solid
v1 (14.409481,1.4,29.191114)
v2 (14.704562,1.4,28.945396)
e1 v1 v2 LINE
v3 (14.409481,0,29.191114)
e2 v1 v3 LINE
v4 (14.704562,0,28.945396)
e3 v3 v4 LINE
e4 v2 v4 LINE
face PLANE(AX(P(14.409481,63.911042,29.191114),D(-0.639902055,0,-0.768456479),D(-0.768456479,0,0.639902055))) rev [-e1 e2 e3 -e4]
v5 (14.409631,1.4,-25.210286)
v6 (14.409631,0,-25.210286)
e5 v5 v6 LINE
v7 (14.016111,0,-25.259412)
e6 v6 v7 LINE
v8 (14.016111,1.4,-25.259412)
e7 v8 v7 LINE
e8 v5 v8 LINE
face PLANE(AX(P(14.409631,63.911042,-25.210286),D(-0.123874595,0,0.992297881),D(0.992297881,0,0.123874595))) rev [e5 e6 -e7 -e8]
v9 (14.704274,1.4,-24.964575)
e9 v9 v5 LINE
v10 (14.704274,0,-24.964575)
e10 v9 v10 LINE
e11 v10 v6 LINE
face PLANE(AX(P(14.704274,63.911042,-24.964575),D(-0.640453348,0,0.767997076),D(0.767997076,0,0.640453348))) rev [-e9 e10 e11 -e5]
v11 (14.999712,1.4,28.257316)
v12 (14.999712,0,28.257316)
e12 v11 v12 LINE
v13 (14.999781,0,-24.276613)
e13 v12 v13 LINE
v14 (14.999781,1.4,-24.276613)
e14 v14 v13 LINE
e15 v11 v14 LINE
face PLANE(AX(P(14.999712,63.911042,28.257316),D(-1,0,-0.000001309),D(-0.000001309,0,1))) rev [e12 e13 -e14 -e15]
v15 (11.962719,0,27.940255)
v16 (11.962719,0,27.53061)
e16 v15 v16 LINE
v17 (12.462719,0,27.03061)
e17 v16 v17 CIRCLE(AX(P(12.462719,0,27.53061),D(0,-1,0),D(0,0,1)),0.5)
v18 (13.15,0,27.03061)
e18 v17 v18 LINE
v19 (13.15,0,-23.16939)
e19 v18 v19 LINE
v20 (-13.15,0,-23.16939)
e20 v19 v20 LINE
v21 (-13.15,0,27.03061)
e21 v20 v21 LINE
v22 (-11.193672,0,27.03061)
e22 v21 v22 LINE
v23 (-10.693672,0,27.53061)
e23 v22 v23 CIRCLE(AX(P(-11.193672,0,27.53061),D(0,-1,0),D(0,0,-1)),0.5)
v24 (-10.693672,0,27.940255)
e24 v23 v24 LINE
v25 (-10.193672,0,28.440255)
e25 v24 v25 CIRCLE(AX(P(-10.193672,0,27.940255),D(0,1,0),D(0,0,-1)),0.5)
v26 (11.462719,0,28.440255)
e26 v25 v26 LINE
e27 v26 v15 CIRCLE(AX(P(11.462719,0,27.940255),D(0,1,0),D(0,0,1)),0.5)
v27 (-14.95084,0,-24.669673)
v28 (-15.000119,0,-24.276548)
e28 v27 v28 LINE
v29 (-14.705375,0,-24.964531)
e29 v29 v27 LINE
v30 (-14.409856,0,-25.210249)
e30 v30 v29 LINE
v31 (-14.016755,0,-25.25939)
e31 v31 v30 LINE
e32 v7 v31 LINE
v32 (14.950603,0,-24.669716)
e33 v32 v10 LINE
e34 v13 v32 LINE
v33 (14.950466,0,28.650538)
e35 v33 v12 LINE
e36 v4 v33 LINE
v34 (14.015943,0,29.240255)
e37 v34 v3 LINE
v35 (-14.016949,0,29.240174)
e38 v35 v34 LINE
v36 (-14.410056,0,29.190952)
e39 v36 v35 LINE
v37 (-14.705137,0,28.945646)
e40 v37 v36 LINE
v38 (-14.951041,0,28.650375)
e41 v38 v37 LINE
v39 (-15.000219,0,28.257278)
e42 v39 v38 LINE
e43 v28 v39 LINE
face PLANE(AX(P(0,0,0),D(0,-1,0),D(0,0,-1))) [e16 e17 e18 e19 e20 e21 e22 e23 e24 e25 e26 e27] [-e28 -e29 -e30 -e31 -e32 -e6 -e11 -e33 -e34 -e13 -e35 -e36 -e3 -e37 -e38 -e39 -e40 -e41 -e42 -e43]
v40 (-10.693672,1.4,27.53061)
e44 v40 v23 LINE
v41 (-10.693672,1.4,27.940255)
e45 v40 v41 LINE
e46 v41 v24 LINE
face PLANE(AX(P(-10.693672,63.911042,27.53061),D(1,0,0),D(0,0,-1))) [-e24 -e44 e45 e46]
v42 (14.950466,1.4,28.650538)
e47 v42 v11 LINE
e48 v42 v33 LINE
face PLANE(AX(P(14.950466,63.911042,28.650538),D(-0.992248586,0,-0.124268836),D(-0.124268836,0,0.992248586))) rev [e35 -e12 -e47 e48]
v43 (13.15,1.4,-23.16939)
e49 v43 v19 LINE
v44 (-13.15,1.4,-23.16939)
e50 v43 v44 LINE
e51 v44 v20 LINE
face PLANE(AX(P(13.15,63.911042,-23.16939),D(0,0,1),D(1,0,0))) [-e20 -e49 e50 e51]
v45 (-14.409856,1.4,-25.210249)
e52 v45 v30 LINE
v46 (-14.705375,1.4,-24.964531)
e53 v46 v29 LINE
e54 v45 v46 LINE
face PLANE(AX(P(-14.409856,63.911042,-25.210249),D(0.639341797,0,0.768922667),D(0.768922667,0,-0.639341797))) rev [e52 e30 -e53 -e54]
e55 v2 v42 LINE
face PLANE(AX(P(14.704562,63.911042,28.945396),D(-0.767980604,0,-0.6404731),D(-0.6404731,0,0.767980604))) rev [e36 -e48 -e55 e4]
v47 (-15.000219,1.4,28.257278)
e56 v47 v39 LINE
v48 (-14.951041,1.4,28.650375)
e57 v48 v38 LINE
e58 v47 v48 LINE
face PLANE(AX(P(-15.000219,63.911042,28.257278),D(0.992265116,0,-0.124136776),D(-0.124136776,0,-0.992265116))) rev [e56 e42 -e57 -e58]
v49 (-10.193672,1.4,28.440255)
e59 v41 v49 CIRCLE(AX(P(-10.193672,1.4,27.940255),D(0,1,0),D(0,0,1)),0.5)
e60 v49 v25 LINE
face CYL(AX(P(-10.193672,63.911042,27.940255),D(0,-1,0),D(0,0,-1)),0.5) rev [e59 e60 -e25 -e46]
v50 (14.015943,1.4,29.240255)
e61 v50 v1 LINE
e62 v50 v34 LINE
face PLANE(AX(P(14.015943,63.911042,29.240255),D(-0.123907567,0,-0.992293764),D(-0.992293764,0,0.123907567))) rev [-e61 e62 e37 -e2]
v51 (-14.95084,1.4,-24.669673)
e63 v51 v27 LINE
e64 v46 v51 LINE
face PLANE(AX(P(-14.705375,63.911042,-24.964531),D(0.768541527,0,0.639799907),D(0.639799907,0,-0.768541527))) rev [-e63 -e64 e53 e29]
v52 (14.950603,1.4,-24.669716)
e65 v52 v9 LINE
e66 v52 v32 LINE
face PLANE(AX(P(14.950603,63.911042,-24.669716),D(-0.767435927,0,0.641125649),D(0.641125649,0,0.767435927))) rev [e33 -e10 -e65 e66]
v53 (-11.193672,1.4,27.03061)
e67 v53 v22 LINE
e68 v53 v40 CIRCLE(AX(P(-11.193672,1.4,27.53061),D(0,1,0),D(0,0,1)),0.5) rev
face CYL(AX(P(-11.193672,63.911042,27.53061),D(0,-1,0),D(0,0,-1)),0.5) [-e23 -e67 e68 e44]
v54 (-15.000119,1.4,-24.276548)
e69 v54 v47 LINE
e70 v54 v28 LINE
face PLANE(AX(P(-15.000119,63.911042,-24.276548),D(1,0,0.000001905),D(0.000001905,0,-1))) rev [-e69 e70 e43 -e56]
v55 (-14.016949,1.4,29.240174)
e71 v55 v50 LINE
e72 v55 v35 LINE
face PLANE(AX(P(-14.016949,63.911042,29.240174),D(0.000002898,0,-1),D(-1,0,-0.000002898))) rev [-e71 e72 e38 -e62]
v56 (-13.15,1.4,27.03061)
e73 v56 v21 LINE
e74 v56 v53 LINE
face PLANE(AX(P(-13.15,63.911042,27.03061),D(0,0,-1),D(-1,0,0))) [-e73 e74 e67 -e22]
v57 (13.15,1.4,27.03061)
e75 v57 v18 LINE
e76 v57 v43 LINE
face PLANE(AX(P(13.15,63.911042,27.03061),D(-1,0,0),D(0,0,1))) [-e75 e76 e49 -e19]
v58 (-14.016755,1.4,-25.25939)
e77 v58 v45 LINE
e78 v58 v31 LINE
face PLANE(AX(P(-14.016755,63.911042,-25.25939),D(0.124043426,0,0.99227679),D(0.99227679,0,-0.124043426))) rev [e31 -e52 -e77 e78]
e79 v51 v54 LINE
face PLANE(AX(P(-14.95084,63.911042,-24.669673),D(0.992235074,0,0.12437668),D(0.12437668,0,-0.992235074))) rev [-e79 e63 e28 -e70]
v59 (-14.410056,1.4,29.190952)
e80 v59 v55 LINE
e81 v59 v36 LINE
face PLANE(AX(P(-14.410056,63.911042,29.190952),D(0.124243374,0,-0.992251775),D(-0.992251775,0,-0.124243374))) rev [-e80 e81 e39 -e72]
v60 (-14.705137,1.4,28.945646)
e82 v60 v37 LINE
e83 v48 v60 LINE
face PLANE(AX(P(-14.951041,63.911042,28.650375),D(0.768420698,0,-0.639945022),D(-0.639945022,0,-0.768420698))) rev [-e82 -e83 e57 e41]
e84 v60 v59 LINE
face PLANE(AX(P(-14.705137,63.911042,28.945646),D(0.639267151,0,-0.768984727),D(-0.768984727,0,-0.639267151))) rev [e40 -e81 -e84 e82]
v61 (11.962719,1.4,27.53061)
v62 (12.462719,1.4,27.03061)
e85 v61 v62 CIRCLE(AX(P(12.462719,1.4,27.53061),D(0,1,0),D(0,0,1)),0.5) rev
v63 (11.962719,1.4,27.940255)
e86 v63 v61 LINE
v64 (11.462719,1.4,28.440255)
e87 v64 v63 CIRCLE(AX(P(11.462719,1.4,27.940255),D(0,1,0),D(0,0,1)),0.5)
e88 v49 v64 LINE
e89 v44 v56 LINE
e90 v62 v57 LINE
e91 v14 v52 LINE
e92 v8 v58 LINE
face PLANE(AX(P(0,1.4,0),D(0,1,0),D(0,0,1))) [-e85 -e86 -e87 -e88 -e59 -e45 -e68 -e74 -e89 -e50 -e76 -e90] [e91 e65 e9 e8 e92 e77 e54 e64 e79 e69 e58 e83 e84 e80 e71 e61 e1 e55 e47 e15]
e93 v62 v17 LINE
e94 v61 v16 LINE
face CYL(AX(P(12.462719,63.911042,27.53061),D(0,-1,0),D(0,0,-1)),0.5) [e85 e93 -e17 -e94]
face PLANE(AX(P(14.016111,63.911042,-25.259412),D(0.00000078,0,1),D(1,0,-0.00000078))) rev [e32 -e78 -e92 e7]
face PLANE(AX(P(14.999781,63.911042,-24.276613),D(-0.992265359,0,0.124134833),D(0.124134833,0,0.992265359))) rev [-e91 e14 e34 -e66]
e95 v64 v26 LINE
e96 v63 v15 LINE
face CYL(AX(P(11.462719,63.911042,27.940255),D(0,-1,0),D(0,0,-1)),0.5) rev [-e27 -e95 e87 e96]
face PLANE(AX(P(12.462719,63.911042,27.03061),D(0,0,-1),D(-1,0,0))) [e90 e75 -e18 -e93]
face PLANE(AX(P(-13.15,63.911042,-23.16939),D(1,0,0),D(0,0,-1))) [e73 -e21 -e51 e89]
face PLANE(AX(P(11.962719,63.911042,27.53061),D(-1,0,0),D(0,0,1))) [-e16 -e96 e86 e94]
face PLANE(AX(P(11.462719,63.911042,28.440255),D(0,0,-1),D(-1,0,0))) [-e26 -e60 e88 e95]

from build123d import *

# Parameters (mm, degrees)
AUFSATZ_LINEAR_AUSTRAGEN1_DEPTH = 1.4


with BuildPart() as part:
    # Skizze1 → Aufsatz-Linear austragen1 (new body)
    with BuildSketch(Plane(origin=(0, 0, 0), x_dir=(1, 0, 0), z_dir=(0, 1, 0))):
        Polygon((14.409630658, 25.21028647), (14.016111454, 25.259411872), (-14.016755293, 25.259390001), (-14.409855506, 25.210248977), (-14.705374814, 24.96453136), (-14.950840446, 24.669672719), (-15.000118678, 24.276547653), (-15.000218735, -28.257278341), (-14.95104056, -28.650375287), (-14.705137178, -28.945646353), (-14.410055621, -29.190951545), (-14.016949154, -29.240173804), (14.015942607, -29.240255039), (14.409480572, -29.191114015), (14.704562129, -28.945396398), (14.950465511, -28.650537758), (14.999712475, -28.257315834), (14.999781265, 24.276613266), (14.95060309, 24.669716461), (14.704274464, 24.964575102), align=None)
        with BuildLine():
            Line((11.462718603, -28.440255039), (-10.193671543, -28.440255039))
            ThreePointArc((-10.193671543, -28.440255039), (-10.547224933, -28.29380843), (-10.693671543, -27.940255039))
            Line((-10.693671543, -27.940255039), (-10.693671543, -27.530609999))
            ThreePointArc((-10.693671543, -27.530609999), (-10.840118152, -27.177056609), (-11.193671543, -27.030609999))
            Line((-11.193671543, -27.030609999), (-13.15, -27.030609999))
            Line((-13.15, -27.030609999), (-13.15, 23.169390001))
            Line((-13.15, 23.169390001), (13.15, 23.169390001))
            Line((13.15, 23.169390001), (13.15, -27.030609999))
            Line((13.15, -27.030609999), (12.462718603, -27.030609999))
            ThreePointArc((12.462718603, -27.030609999), (12.109165213, -27.177056609), (11.962718603, -27.530609999))
            Line((11.962718603, -27.530609999), (11.962718603, -27.940255039))
            ThreePointArc((11.962718603, -27.940255039), (11.816271994, -28.29380843), (11.462718603, -28.440255039))
        make_face(mode=Mode.SUBTRACT)
    extrude(amount=AUFSATZ_LINEAR_AUSTRAGEN1_DEPTH)


solid = part.part
